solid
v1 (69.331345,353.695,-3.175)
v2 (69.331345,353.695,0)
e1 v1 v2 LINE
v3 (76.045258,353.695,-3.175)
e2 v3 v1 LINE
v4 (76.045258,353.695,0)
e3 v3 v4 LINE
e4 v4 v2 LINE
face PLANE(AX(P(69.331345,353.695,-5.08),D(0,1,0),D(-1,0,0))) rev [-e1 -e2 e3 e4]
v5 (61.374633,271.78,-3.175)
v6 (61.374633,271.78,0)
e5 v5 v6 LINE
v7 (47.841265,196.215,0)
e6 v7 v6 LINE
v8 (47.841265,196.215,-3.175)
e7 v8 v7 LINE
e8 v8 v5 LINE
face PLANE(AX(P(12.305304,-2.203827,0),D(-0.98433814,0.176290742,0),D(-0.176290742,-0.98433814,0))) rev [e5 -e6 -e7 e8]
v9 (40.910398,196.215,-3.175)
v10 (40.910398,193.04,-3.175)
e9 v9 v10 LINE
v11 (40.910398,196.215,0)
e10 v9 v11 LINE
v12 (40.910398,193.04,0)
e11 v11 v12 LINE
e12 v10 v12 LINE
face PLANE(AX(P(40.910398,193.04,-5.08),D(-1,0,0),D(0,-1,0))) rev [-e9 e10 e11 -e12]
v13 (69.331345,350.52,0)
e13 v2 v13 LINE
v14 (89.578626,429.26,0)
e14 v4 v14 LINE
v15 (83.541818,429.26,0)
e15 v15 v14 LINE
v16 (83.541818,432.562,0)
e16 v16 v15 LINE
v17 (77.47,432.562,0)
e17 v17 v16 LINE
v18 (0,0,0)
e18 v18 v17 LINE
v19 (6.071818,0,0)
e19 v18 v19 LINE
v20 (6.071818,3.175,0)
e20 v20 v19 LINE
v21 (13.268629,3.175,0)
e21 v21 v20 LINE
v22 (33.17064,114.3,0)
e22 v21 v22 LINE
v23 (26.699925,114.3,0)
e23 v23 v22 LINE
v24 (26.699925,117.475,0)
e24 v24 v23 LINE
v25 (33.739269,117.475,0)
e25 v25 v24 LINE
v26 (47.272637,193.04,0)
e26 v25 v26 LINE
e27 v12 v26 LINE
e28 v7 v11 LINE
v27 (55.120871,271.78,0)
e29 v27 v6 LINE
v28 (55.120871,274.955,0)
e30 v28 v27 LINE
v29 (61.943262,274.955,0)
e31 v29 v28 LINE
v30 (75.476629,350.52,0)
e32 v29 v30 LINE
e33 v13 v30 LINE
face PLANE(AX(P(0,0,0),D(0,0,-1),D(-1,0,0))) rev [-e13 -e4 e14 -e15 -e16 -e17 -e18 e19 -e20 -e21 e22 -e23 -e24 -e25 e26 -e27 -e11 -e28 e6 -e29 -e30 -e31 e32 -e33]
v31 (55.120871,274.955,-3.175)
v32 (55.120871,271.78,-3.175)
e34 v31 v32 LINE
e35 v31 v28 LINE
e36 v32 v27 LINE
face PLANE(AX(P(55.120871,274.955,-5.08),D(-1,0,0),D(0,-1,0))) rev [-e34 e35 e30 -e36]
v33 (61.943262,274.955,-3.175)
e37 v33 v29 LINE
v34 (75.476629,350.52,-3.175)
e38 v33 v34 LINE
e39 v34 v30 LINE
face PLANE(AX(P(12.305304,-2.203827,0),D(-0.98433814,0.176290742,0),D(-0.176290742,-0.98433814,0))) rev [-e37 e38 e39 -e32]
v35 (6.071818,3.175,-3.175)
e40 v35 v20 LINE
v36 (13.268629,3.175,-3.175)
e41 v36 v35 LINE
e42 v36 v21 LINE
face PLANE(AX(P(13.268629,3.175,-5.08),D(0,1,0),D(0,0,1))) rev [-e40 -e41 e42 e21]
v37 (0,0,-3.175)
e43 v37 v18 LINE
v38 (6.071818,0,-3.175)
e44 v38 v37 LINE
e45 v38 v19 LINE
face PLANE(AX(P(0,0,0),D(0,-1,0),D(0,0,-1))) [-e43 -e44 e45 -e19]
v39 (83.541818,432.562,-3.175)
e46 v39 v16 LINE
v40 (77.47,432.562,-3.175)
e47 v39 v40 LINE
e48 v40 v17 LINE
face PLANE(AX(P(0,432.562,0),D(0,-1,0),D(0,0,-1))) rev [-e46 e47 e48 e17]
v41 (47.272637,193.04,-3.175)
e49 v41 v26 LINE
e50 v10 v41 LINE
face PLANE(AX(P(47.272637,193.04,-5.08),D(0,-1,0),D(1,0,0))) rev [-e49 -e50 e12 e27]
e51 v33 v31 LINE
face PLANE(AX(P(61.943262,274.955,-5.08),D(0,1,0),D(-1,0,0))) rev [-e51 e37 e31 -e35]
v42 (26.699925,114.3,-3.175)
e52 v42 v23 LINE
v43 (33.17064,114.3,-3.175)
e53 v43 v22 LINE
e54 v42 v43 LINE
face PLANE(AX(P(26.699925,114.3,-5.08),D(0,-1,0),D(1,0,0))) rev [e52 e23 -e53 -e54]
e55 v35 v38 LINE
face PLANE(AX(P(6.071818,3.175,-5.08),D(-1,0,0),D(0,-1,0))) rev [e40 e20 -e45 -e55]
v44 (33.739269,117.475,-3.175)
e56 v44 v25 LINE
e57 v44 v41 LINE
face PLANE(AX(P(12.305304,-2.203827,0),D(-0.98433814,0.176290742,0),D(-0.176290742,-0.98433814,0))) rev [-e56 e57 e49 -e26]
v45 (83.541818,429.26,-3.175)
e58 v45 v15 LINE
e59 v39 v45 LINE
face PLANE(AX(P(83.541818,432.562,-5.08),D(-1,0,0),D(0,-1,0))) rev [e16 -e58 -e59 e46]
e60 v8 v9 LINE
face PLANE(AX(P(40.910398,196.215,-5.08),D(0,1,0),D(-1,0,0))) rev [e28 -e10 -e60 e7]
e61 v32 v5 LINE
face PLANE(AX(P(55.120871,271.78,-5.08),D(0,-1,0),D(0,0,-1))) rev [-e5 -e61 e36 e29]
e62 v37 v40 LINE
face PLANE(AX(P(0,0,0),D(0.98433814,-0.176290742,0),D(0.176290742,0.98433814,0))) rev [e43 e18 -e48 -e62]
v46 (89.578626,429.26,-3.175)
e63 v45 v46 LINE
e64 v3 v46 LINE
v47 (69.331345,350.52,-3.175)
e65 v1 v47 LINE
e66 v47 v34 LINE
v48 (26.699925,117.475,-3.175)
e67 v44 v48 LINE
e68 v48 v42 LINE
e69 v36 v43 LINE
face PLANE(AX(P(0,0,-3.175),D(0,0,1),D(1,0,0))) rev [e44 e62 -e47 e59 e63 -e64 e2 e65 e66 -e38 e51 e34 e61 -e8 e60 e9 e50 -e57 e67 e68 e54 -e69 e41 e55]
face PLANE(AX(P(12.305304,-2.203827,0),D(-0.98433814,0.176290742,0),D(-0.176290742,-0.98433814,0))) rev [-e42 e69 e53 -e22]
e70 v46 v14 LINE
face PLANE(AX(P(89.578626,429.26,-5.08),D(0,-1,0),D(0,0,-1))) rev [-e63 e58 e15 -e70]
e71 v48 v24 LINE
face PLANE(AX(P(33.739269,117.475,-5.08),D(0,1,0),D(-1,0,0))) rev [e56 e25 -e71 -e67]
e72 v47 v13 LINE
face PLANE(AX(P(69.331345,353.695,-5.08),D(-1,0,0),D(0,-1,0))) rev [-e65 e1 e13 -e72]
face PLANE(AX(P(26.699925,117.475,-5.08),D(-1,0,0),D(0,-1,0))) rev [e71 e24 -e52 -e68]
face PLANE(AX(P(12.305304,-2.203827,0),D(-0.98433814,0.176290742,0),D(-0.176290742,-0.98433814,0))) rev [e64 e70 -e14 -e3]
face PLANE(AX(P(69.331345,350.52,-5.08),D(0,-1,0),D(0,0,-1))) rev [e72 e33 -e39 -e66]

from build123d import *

# Parameters (mm, degrees)
CUT_EXTRUDE1_DEPTH = 5.08


with BuildPart() as part:
    # Sketch1 → Loft1 section 0
    with BuildSketch(Plane(origin=(0, 0, 0), x_dir=(1, 0, 0), z_dir=(0, 1, 0))):
        with BuildLine():
            Line((0, 0), (12.7, 0))
            Line((12.7, 0), (12.7, 3.175))
            Line((12.7, 3.175), (0, 3.175))
            Line((0, 3.175), (0, 0))
        make_face()
    # Sketch2 → Loft1 section 1
    with BuildSketch(Plane(origin=(0, 432.562, 0), x_dir=(1, 0, 0), z_dir=(0, 1, 0))):
        with BuildLine():
            Line((77.47, 0), (90.17, 0))
            Line((90.17, 0), (90.17, 3.175))
            Line((90.17, 3.175), (77.47, 3.175))
            Line((77.47, 3.175), (77.47, 0))
        make_face()
    loft()

    # Sketch3 → Cut-Extrude1 (cut)
    with BuildSketch(Plane.XY):
        Polygon((83.541818167, 432.562), (83.541818167, 429.26), (89.578625954, 429.26), (90.17, 432.562), align=None)
        Polygon((6.071818167, 3.175), (6.071818167, 0), (12.7, 0), (13.26862889, 3.175), align=None)
        Polygon((26.699924676, 117.475), (26.699924676, 114.3), (33.170640047, 114.3), (33.739268937, 117.475), align=None)
        Polygon((69.331344794, 353.695), (69.331344794, 350.52), (75.476629477, 350.52), (76.045258368, 353.695), align=None)
        Polygon((55.120871422, 274.955), (55.120871422, 271.78), (61.374633001, 271.78), (61.943261891, 274.955), align=None)
        Polygon((40.910398049, 193.04), (40.910398049, 196.215), (47.841265414, 196.215), (47.272636524, 193.04), align=None)
    extrude(amount=-CUT_EXTRUDE1_DEPTH, mode=Mode.SUBTRACT)


solid = part.part
